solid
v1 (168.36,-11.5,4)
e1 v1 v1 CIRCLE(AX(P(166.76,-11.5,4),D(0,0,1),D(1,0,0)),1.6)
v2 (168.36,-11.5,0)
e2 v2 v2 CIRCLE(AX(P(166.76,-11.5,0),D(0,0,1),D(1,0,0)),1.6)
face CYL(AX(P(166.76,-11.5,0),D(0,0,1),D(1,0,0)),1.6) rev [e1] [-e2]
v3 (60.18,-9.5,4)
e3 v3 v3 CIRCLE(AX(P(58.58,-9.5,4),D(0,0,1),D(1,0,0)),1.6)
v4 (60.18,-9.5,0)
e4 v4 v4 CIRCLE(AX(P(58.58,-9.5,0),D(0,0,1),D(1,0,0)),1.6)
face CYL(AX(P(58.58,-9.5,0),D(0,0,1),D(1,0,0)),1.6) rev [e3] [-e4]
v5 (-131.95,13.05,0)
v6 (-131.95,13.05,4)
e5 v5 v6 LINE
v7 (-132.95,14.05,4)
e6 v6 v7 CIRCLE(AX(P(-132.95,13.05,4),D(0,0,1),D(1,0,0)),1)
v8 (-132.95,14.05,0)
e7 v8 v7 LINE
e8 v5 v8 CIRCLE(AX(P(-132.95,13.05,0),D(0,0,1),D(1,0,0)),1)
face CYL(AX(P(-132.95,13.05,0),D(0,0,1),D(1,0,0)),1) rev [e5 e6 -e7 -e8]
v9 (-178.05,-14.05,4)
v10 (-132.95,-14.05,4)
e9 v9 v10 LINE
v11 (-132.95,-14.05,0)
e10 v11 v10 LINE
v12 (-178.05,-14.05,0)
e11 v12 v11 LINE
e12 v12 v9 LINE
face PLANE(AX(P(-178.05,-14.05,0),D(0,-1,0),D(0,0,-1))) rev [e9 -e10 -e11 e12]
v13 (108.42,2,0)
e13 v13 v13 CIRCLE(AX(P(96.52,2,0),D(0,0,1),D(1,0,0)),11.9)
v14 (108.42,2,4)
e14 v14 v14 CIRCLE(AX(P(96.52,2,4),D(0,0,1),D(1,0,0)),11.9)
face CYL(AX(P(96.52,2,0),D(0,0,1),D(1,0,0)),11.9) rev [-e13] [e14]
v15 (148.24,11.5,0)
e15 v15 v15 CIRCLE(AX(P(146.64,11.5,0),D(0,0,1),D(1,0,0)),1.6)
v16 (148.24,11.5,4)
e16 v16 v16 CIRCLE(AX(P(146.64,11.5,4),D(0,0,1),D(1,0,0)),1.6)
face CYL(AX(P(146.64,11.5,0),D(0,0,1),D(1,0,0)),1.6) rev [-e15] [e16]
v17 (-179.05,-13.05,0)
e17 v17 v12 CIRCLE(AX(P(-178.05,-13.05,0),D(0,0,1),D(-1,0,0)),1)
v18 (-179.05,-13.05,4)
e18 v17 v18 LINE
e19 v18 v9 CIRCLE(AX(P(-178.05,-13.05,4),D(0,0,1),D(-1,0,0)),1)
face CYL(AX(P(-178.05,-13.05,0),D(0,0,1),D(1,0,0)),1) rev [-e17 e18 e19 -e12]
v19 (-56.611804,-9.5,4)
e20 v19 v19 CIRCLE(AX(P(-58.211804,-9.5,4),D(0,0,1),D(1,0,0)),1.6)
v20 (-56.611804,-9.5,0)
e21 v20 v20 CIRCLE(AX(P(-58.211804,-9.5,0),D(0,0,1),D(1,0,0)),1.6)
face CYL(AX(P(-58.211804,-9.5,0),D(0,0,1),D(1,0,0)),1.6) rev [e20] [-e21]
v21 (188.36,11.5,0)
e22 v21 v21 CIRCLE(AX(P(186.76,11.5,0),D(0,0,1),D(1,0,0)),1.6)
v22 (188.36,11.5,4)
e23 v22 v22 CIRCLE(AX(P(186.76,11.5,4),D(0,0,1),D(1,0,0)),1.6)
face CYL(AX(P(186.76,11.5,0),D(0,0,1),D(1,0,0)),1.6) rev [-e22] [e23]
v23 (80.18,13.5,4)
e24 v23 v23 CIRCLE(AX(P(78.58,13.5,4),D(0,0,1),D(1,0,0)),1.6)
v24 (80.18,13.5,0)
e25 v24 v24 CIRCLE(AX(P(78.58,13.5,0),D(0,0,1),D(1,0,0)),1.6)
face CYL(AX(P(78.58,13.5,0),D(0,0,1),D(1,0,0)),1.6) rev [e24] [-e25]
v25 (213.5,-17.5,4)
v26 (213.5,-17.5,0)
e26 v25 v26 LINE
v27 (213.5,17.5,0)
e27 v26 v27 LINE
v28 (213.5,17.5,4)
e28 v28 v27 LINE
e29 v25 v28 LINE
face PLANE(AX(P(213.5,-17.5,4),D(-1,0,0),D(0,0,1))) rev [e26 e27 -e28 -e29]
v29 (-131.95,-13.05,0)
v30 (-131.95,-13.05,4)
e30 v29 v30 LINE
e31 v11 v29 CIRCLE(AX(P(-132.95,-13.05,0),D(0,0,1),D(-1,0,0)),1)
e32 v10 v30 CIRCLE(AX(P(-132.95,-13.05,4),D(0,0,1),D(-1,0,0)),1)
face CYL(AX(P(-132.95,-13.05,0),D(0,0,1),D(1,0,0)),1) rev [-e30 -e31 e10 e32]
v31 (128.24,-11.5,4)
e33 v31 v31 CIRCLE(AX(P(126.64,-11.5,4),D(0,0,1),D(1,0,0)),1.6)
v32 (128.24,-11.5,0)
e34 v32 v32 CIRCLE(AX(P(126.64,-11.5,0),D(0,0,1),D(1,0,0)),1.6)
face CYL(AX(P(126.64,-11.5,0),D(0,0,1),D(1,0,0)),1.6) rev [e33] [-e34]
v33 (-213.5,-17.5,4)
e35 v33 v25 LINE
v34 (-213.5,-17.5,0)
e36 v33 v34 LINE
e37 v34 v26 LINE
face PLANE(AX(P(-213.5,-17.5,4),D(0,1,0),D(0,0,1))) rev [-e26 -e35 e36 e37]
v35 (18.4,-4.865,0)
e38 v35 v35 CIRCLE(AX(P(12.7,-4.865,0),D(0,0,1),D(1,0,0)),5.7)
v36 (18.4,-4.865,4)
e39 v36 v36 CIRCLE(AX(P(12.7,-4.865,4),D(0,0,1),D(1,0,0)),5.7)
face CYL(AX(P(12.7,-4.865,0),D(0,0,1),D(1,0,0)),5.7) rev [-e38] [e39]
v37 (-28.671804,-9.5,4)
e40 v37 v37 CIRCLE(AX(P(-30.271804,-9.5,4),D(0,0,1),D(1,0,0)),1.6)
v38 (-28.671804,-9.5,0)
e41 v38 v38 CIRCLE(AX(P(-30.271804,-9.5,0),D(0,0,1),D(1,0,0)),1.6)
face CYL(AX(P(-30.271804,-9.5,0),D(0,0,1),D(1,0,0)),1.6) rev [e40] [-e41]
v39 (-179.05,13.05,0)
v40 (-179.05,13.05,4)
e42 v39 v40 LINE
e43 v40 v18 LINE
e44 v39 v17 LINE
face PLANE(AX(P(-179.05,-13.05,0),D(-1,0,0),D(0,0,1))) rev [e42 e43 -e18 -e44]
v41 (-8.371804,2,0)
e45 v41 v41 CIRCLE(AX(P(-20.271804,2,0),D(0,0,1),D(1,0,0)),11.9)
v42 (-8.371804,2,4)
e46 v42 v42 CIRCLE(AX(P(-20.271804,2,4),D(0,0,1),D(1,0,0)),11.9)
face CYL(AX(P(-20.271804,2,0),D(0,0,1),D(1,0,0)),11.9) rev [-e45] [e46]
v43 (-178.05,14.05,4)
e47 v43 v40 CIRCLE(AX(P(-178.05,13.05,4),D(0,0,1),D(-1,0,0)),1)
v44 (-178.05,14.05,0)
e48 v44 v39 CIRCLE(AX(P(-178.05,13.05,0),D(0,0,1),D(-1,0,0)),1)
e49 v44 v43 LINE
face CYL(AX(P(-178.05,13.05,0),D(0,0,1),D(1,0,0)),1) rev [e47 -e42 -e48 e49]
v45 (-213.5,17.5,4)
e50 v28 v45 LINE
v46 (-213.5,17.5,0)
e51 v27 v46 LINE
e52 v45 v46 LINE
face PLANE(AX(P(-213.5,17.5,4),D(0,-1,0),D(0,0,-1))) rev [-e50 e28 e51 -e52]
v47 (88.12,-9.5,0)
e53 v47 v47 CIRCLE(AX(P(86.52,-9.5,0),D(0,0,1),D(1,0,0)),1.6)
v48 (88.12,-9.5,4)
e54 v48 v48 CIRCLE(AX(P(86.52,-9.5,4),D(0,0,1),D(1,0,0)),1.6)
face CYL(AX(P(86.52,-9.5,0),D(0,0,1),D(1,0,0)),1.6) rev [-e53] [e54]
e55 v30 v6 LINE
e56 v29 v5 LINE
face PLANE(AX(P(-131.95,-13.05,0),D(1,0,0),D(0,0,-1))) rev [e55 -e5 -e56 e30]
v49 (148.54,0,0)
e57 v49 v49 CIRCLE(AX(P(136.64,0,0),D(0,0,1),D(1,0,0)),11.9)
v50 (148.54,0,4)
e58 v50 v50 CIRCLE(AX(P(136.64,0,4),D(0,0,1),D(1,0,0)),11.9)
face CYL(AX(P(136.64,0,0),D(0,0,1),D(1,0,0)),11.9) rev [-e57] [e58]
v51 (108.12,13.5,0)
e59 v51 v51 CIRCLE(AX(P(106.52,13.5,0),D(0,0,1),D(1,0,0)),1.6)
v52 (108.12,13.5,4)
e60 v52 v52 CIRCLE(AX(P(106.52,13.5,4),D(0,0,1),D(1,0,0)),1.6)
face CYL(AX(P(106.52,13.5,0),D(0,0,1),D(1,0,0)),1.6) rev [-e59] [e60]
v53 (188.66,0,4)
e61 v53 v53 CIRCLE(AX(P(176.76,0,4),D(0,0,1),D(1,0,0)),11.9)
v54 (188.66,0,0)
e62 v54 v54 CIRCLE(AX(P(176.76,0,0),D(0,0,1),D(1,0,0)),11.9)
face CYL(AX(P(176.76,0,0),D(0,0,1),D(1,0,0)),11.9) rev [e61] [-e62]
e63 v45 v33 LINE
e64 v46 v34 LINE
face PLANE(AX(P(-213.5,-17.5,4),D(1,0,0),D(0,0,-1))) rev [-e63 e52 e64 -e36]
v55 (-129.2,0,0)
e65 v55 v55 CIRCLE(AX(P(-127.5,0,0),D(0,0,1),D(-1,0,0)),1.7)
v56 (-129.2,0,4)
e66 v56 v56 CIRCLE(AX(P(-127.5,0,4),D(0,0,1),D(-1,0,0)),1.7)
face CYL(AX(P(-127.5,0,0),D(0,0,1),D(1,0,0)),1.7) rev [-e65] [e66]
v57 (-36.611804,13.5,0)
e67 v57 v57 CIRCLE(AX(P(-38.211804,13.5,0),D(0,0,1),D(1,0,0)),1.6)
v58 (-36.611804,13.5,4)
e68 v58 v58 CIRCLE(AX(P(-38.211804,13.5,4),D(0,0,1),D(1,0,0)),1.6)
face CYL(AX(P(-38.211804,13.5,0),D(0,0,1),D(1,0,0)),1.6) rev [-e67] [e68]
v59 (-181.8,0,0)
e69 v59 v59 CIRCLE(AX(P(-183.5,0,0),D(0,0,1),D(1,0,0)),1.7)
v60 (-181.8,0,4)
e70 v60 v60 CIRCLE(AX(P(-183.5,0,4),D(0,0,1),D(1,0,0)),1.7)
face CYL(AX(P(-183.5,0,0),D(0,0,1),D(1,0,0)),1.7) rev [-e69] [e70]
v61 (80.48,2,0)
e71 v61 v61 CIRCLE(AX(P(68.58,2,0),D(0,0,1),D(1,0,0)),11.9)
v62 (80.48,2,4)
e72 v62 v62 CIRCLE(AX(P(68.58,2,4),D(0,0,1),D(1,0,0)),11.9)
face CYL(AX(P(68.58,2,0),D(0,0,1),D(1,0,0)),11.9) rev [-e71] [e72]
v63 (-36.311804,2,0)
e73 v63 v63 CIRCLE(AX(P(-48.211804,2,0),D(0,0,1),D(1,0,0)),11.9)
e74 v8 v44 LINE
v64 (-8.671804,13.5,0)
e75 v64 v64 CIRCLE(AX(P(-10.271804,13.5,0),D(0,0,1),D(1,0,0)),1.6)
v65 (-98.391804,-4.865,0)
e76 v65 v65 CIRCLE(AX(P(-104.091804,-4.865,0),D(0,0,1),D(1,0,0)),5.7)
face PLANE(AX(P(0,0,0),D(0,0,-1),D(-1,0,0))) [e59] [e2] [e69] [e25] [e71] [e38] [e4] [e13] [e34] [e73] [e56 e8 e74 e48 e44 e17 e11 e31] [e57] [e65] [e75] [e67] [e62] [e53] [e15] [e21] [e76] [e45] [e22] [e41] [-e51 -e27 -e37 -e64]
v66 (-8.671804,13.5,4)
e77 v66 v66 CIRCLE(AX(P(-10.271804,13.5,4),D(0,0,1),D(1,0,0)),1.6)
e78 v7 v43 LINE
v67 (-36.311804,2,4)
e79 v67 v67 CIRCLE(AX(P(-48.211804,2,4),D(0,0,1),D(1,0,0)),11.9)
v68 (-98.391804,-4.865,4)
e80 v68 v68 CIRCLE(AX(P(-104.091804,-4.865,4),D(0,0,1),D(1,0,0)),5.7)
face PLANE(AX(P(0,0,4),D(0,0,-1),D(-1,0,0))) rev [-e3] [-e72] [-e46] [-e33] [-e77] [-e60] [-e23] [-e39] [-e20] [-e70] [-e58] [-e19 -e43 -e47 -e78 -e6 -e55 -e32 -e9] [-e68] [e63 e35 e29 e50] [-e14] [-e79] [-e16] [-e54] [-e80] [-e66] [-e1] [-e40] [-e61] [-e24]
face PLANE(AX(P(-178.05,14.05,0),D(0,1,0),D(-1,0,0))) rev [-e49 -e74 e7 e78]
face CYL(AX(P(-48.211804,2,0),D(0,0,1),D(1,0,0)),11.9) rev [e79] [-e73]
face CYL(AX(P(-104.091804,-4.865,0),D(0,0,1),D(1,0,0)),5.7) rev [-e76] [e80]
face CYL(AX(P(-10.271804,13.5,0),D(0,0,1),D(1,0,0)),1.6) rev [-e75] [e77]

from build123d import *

# Parameters (mm, degrees)
SKETCH1_W           = 427
SKETCH1_H           = 35
BOSS_EXTRUDE1_DEPTH = 4
SKETCH2_R           = 11.9
SKETCH2_R_2         = 1.6
SKETCH2_R_3         = 5.7
SKETCH2_R_4         = 1.7
CUT_EXTRUDE1_DEPTH  = 4


with BuildPart() as part:
    # Sketch1 → Boss-Extrude1 (new body)
    with BuildSketch(Plane.XY):
        Rectangle(SKETCH1_W, SKETCH1_H)
    extrude(amount=BOSS_EXTRUDE1_DEPTH)

    # Sketch2 → Cut-Extrude1 (cut)
    with BuildSketch(Plane.XY.offset(4)):
        with Locations((-20.271803936, 2)):
            Circle(SKETCH2_R)
        with Locations((-30.271803936, -9.5)):
            Circle(SKETCH2_R_2)
        with Locations((-10.271803936, 13.5)):
            Circle(SKETCH2_R_2)
        with Locations((-58.211803936, -9.5)):
            Circle(SKETCH2_R_2)
        with Locations((-48.211803936, 2)):
            Circle(SKETCH2_R)
        with Locations((-38.211803936, 13.5)):
            Circle(SKETCH2_R_2)
        with Locations((126.64, -11.5)):
            Circle(SKETCH2_R_2)
        with Locations((146.64, 11.5)):
            Circle(SKETCH2_R_2)
        with Locations((136.64, 0)):
            Circle(SKETCH2_R)
        with Locations((166.76, -11.5)):
            Circle(SKETCH2_R_2)
        with Locations((186.76, 11.5)):
            Circle(SKETCH2_R_2)
        with Locations((176.76, 0)):
            Circle(SKETCH2_R)
        with Locations((-104.091803936, -4.865)):
            Circle(SKETCH2_R_3)
        with Locations((86.52, -9.5)):
            Circle(SKETCH2_R_2)
        with Locations((106.52, 13.5)):
            Circle(SKETCH2_R_2)
        with Locations((68.58, 2)):
            Circle(SKETCH2_R)
        with Locations((96.52, 2)):
            Circle(SKETCH2_R)
        with Locations((12.7, -4.865)):
            Circle(SKETCH2_R_3)
        with Locations((78.58, 13.5)):
            Circle(SKETCH2_R_2)
        with Locations((58.58, -9.5)):
            Circle(SKETCH2_R_2)
        with Locations((-127.5, 0)):
            Circle(SKETCH2_R_4)
        with Locations((-183.5, 0)):
            Circle(SKETCH2_R_4)
        with BuildLine():
            Line((-178.05, -14.05), (-132.95, -14.05))
            ThreePointArc((-132.95, -14.05), (-132.242893219, -13.757106781), (-131.95, -13.05))
            Line((-131.95, -13.05), (-131.95, 13.05))
            ThreePointArc((-131.95, 13.05), (-132.242893219, 13.757106781), (-132.95, 14.05))
            Line((-132.95, 14.05), (-178.05, 14.05))
            ThreePointArc((-178.05, 14.05), (-178.757106781, 13.757106781), (-179.05, 13.05))
            Line((-179.05, 13.05), (-179.05, -13.05))
            ThreePointArc((-179.05, -13.05), (-178.757106781, -13.757106781), (-178.05, -14.05))
        make_face()
    extrude(amount=-CUT_EXTRUDE1_DEPTH, mode=Mode.SUBTRACT)


solid = part.part
